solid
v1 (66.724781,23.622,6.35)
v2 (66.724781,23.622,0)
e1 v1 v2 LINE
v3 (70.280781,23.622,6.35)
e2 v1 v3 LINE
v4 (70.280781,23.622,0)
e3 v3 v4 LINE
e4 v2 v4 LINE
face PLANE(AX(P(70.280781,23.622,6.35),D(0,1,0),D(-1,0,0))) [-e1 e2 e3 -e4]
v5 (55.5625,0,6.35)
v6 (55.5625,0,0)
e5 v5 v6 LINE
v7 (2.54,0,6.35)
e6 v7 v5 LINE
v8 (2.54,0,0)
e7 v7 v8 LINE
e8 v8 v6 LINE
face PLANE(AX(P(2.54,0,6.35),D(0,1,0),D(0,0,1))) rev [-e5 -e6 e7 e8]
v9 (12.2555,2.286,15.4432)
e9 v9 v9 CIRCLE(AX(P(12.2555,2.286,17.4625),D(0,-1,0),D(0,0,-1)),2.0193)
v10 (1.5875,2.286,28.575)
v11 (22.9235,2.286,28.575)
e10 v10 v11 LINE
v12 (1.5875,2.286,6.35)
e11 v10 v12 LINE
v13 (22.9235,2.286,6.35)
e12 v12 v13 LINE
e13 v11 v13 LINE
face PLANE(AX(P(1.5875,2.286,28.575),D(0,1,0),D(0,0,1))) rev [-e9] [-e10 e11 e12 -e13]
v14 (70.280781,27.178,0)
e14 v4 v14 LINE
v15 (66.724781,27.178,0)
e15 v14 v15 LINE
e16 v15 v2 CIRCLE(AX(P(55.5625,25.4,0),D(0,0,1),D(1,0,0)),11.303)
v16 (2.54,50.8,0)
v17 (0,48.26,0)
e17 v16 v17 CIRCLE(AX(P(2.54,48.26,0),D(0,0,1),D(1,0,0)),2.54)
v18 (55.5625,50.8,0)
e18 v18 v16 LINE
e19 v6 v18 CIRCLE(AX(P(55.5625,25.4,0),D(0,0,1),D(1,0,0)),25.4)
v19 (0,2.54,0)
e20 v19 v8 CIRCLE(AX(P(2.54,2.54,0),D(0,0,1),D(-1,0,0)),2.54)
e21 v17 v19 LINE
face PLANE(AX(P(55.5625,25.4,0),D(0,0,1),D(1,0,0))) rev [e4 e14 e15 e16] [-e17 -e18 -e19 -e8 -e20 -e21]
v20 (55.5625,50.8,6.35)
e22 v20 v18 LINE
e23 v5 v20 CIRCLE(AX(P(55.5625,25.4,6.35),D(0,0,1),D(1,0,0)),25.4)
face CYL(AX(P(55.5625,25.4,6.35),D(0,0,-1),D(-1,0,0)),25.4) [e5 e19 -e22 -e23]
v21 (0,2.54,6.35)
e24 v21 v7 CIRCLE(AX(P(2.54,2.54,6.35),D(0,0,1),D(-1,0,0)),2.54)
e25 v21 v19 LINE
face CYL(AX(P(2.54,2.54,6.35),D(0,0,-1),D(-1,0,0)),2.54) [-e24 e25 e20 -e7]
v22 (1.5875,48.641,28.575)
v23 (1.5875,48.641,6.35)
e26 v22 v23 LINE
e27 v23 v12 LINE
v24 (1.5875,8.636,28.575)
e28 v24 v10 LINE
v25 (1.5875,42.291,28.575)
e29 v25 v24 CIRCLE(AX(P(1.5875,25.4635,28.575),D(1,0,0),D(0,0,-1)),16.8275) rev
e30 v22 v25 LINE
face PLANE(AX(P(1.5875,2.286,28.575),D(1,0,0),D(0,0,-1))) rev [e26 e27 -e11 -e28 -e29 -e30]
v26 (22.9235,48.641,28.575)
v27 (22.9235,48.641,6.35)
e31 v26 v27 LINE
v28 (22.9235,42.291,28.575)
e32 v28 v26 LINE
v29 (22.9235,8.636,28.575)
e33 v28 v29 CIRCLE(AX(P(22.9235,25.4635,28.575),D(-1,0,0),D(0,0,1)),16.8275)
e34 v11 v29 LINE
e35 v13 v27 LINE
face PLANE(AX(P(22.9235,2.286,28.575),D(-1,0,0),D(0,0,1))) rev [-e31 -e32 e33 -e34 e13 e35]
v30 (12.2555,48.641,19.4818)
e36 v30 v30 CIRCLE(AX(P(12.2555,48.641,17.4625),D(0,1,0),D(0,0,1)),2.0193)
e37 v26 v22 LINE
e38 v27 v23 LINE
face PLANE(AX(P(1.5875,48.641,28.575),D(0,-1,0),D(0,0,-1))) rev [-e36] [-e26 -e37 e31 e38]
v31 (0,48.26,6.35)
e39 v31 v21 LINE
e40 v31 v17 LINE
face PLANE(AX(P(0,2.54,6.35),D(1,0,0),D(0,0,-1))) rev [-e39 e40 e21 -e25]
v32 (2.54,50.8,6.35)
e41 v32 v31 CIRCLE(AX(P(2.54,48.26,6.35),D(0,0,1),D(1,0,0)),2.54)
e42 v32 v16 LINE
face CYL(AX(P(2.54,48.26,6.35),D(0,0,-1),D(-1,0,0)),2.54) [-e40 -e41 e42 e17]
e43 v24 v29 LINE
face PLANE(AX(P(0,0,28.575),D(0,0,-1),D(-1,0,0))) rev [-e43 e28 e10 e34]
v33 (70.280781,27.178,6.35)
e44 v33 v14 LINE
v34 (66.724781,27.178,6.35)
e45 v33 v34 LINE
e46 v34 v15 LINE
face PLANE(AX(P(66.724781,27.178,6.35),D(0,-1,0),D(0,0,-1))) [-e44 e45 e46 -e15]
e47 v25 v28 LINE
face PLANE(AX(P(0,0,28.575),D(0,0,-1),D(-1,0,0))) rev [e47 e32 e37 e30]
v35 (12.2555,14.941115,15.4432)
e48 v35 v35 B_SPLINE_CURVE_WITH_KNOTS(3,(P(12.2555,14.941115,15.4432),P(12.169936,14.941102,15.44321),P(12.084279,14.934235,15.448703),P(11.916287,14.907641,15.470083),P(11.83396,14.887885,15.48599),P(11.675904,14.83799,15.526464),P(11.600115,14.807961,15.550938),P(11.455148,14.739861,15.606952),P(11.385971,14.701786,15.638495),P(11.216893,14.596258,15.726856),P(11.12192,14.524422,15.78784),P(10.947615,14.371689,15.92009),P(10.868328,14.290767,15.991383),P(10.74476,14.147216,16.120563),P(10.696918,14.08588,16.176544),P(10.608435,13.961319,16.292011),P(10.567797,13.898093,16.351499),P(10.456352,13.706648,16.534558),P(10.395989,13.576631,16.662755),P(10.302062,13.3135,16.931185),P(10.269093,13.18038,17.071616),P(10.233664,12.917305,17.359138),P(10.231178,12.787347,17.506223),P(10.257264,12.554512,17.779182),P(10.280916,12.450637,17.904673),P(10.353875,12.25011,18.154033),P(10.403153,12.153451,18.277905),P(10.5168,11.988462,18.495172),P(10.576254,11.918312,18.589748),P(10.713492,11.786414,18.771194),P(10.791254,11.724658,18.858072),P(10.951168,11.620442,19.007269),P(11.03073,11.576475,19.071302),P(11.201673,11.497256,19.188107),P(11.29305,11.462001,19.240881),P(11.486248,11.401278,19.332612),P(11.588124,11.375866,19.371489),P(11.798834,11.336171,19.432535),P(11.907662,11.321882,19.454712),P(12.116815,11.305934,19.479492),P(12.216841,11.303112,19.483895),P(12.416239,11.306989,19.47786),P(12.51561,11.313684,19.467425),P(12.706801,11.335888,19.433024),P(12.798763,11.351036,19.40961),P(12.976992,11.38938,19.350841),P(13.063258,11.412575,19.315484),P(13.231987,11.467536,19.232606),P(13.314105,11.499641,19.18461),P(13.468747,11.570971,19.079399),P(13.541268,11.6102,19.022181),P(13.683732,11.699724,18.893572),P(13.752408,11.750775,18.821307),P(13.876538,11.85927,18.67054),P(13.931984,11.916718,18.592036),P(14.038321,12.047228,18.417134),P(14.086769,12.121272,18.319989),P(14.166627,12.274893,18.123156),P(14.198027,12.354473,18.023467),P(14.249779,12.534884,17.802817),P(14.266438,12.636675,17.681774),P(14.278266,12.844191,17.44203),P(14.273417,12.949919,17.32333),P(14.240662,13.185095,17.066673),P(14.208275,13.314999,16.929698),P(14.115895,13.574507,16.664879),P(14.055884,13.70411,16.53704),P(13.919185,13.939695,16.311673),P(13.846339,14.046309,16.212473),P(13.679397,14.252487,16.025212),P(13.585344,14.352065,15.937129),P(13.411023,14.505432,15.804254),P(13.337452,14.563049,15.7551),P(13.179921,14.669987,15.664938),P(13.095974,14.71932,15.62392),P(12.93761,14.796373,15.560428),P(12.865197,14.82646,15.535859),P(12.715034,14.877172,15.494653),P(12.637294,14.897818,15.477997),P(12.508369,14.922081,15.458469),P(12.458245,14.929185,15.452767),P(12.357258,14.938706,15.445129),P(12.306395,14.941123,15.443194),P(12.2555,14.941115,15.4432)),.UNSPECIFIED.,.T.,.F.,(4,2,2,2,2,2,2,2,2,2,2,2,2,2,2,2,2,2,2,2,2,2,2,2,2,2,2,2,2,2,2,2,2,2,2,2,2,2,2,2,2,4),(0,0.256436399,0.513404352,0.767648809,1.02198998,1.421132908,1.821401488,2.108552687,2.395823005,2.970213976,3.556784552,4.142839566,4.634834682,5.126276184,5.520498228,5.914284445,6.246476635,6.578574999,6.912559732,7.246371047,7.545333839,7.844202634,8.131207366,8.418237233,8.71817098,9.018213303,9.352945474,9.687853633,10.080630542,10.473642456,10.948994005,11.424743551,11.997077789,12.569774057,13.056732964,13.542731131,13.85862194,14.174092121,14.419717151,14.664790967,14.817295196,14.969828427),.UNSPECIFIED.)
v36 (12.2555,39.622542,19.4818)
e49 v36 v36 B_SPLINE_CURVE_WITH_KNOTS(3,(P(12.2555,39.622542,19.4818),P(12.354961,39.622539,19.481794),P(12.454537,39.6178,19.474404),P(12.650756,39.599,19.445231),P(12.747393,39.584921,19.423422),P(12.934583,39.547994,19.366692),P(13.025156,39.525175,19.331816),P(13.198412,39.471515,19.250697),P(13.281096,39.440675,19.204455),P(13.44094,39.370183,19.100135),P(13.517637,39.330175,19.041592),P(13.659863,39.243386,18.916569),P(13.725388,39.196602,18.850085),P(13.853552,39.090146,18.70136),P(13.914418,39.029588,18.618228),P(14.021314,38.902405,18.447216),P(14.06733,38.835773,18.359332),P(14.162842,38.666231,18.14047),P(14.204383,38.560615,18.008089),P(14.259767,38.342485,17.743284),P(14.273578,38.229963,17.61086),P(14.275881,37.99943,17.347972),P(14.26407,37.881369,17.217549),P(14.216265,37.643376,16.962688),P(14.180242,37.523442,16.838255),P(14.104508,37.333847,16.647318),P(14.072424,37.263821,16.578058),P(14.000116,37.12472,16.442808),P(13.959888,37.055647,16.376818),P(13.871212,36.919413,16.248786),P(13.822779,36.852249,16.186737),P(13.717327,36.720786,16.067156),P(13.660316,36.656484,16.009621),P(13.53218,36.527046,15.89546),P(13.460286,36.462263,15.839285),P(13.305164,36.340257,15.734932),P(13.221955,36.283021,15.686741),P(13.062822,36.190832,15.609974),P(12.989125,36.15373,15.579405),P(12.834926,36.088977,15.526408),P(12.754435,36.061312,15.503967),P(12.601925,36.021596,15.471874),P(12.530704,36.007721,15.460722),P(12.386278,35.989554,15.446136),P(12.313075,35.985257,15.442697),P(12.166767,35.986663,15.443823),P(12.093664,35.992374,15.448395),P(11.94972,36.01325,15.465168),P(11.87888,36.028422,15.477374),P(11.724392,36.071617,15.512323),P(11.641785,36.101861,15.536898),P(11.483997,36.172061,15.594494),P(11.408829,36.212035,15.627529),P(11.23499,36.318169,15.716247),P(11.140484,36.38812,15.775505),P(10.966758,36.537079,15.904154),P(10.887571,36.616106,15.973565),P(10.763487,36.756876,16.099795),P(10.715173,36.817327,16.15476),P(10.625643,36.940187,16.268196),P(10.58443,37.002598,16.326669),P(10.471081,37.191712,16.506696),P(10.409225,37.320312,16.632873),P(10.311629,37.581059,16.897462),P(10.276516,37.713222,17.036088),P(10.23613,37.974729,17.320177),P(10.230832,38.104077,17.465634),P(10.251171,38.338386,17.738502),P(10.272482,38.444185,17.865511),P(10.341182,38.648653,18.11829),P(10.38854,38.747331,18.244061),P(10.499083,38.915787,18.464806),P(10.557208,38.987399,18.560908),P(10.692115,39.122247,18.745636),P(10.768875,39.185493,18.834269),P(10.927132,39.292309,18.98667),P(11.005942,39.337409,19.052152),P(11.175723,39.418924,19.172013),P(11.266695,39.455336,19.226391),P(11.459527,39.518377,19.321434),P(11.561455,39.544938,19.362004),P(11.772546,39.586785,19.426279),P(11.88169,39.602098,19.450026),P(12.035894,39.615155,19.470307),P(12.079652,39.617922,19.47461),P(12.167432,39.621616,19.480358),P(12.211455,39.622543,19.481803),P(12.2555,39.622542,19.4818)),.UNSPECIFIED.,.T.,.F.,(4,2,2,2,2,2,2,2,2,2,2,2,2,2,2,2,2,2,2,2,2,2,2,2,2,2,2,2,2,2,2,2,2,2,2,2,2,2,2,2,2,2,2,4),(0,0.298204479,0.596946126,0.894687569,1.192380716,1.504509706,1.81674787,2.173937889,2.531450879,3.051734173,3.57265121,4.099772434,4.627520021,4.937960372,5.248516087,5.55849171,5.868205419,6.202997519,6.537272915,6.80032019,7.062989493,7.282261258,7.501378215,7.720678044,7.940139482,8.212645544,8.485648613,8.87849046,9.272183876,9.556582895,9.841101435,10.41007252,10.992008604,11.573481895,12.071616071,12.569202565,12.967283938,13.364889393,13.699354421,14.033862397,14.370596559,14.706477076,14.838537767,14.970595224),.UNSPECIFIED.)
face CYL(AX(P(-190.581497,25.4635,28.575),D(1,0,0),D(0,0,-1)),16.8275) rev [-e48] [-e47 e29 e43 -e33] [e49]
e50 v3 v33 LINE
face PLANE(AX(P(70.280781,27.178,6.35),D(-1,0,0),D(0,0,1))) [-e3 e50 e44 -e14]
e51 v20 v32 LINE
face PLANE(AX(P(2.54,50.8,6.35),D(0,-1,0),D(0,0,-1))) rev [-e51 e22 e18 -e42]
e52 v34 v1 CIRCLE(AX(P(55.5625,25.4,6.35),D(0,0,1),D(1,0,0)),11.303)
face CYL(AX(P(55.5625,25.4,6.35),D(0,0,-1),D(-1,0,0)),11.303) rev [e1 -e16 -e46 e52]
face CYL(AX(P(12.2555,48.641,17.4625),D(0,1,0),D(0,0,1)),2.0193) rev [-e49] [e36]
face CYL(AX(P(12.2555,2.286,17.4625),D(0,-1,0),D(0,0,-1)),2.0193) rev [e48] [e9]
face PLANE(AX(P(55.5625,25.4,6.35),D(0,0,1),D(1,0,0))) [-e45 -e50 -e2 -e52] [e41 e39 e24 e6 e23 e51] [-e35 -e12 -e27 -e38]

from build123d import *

# Parameters (mm, degrees)
BOSS_EXTRUDE1_DEPTH         = 6.35
SKETCH2_W                   = 21.336
SKETCH2_H                   = 46.355
BOSS_EXTRUDE2_DEPTH         = 22.225
CUT_EXTRUDE1_DEPTH          = 99.476196362
CUT_EXTRUDE1_DEPTH_BACK     = 57.531
F_10_32_TAPPED_HOLE1_REACH  = 100.678
F_10_32_TAPPED_HOLE1_BORE_R = 2.0193
F_10_32_TAPPED_HOLE2_D      = 4.0386


with BuildPart() as part:
    # Sketch1 → Boss-Extrude1 (new body)
    with BuildSketch(Plane.XY):
        with BuildLine():
            Line((2.54, 0), (55.5625, 0))
            ThreePointArc((55.5625, 0), (80.9625, 25.4), (55.5625, 50.8))
            Line((55.5625, 50.8), (2.54, 50.8))
            ThreePointArc((2.54, 50.8), (0.743948776, 50.056051224), (0, 48.26))
            Line((0, 48.26), (0, 2.54))
            ThreePointArc((0, 2.54), (0.743948776, 0.743948776), (2.54, 0))
        make_face()
        with BuildLine():
            Line((66.724781353, 27.178), (70.280781353, 27.178))
            Line((70.280781353, 27.178), (70.280781353, 23.622))
            Line((70.280781353, 23.622), (66.724781353, 23.622))
            ThreePointArc((66.724781353, 23.622), (44.2595, 25.4), (66.724781353, 27.178))
        make_face(mode=Mode.SUBTRACT)
    extrude(amount=BOSS_EXTRUDE1_DEPTH)

    # Sketch2 → Boss-Extrude2 (add)
    with BuildSketch(Plane.XY.offset(6.35)):
        with Locations((12.2555, 25.4635)):
            Rectangle(SKETCH2_W, SKETCH2_H)
    extrude(amount=BOSS_EXTRUDE2_DEPTH)

    # Sketch3 → Cut-Extrude1 (cut, two sides: drawn at the far end of the back side and taken through both)
    with BuildSketch(Plane.ZY.offset(-1.5875).offset(-CUT_EXTRUDE1_DEPTH_BACK)):
        with BuildLine():
            Line((140.654563204, 8.636), (28.575, 8.636))
            ThreePointArc((28.575, 8.636), (11.7475, 25.4635), (28.575, 42.291))
            Line((28.575, 42.291), (140.654563204, 42.291))
            Line((140.654563204, 42.291), (364.813689613, 42.291))
            Line((364.813689613, 42.291), (364.813689613, 8.636))
            Line((364.813689613, 8.636), (140.654563204, 8.636))
        make_face()
    extrude(amount=CUT_EXTRUDE1_DEPTH + CUT_EXTRUDE1_DEPTH_BACK, mode=Mode.SUBTRACT)

    # #10-32 Tapped Hole1 bore → #10-32 Tapped Hole1 (cut, up to next)
    with BuildSketch(Plane(origin=(0, 48.641, 0), x_dir=(1, 0, 0), z_dir=(0, 1, 0)), mode=Mode.PRIVATE) as f_10_32_tapped_hole1_sk1:
        with Locations((12.2555, -17.4625)):
            Circle(F_10_32_TAPPED_HOLE1_BORE_R)
    f_10_32_tapped_hole1_tool1 = extrude(f_10_32_tapped_hole1_sk1.sketch, amount=-F_10_32_TAPPED_HOLE1_REACH, mode=Mode.PRIVATE) & part.part
    add(f_10_32_tapped_hole1_tool1.solids().sort_by_distance((12.2555, 48.641, 17.4625))[0], mode=Mode.SUBTRACT)

    # #10-32 Tapped Hole2 (through all)
    with Locations(Plane(origin=(0, 2.286, 0), x_dir=(-1, 0, 0), z_dir=(0, -1, 0))):
        with Locations((-12.2555, -17.4625)):
            Hole(F_10_32_TAPPED_HOLE2_D / 2)


solid = part.part
